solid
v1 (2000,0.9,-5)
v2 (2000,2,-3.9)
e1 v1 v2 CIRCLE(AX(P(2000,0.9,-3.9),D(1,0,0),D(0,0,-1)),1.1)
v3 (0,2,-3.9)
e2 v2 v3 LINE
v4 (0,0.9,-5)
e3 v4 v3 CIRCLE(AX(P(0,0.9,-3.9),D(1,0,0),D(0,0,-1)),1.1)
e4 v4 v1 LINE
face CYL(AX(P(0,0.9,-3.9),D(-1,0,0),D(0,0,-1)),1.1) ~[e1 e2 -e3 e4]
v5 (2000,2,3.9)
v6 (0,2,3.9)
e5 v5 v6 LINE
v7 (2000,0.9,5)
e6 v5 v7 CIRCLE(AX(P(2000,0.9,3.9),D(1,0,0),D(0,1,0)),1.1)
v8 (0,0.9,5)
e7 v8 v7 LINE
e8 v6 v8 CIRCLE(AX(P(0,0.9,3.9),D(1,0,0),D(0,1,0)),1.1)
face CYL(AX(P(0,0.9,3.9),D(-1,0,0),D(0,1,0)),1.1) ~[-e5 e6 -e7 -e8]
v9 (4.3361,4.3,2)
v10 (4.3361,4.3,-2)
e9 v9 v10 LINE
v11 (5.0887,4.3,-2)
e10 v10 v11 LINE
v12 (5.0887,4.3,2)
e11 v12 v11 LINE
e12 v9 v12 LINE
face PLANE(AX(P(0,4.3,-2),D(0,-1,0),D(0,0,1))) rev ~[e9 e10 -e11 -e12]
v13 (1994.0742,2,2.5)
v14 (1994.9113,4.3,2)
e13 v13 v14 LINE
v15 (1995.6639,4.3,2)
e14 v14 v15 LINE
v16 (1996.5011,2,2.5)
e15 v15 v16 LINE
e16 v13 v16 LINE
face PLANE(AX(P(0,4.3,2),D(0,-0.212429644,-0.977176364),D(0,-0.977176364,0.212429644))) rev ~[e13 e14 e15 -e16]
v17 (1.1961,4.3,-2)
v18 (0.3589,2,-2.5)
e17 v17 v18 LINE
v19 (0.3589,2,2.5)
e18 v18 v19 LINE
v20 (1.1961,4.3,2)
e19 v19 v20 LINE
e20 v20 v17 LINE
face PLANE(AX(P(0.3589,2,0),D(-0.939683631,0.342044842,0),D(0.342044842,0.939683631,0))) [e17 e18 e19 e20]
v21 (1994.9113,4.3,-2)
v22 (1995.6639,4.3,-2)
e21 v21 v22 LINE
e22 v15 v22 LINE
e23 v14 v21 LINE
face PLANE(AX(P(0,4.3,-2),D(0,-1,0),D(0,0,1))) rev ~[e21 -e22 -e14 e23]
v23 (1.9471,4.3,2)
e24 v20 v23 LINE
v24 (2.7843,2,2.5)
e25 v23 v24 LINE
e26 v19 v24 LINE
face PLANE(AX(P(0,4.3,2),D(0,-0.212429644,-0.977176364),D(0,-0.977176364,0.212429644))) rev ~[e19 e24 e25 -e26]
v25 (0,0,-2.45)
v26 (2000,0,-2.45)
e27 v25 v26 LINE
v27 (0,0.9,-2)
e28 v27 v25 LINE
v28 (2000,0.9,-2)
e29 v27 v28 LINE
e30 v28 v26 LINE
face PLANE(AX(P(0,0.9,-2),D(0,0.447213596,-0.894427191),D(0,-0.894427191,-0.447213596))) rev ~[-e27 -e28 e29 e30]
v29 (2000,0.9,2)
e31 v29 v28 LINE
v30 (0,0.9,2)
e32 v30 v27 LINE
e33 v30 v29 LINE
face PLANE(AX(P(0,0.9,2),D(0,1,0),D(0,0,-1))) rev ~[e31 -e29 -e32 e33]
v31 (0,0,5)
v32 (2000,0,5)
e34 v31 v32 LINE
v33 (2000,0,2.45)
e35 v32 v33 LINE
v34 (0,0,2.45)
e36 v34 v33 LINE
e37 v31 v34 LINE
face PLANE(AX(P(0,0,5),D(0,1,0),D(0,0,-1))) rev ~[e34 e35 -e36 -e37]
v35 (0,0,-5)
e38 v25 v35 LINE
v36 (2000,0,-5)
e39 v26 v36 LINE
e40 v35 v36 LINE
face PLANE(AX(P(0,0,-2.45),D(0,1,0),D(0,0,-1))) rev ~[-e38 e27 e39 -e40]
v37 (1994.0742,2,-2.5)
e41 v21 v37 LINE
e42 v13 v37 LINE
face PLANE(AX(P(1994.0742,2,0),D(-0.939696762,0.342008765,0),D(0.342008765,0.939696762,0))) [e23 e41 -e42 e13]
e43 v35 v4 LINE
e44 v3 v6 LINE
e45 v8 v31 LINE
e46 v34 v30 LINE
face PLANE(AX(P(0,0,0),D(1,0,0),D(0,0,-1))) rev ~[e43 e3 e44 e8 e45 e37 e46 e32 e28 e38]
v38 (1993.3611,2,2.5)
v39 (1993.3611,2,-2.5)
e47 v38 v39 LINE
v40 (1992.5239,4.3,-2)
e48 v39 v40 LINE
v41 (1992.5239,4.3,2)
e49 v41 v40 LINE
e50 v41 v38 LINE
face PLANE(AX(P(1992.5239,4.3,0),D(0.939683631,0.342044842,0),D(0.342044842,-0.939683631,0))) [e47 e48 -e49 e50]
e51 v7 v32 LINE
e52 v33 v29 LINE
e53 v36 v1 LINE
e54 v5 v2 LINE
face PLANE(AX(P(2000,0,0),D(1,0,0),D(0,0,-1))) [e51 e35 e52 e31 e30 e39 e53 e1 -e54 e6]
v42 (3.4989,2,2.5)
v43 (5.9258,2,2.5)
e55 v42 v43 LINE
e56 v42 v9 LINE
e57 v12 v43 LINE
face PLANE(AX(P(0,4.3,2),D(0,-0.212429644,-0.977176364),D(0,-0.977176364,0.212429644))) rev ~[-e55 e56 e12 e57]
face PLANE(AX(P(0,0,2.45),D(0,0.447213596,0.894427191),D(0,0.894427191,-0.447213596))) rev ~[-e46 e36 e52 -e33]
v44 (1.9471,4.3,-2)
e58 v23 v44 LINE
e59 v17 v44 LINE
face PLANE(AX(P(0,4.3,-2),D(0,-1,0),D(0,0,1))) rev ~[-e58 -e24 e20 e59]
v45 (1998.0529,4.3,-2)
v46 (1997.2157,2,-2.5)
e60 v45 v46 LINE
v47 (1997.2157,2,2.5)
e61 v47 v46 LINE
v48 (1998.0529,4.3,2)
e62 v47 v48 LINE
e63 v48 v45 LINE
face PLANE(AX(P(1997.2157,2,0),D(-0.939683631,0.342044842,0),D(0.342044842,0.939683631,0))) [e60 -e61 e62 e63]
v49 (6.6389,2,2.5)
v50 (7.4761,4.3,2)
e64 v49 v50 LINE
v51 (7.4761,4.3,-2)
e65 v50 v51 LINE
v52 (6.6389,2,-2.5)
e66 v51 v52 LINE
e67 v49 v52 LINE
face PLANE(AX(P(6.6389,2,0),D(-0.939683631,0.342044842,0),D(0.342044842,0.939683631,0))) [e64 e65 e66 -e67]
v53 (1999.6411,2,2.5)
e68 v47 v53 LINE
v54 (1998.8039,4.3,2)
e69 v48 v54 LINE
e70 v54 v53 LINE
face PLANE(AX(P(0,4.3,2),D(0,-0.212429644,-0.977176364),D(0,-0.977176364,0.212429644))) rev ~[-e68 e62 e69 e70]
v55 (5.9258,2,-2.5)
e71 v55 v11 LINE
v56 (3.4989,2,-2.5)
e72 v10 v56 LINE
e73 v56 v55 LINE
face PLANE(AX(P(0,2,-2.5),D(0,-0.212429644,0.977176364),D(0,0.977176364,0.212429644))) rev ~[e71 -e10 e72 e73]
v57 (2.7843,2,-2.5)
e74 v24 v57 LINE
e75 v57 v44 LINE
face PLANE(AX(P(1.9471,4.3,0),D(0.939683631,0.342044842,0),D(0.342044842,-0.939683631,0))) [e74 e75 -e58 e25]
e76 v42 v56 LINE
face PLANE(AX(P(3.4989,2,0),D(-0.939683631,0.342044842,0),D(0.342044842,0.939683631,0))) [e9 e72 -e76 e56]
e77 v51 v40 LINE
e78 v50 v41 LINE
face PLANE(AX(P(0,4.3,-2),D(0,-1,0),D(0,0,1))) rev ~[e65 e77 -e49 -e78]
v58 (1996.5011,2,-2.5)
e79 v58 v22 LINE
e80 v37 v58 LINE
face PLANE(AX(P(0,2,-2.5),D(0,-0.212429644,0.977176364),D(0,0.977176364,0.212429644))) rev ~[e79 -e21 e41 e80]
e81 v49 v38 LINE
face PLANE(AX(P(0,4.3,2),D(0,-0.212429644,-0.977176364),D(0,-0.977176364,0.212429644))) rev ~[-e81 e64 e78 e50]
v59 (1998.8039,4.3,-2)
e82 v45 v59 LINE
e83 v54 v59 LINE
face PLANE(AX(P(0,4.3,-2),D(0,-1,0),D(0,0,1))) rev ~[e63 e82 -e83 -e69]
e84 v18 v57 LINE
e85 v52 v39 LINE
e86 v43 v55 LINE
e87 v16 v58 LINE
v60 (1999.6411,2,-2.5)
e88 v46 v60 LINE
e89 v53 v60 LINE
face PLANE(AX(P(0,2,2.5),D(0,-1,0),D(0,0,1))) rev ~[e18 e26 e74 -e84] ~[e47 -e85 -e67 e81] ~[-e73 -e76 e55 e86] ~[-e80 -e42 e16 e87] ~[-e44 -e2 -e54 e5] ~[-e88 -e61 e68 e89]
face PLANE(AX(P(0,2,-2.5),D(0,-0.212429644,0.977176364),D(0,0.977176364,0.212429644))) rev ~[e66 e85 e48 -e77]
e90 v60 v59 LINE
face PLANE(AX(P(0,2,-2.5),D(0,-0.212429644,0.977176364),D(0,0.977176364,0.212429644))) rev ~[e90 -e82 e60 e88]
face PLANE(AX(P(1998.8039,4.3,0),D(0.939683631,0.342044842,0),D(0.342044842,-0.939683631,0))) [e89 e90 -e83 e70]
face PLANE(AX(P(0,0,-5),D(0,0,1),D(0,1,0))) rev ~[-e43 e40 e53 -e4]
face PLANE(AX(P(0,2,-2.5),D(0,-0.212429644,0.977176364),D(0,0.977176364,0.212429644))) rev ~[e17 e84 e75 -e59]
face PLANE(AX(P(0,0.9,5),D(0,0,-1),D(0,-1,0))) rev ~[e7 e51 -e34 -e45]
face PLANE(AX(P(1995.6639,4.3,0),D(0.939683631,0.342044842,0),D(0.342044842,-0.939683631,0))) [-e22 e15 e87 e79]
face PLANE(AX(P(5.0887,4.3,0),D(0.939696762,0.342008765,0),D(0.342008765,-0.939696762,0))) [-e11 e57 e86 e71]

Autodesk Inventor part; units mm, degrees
ref_plane "YZ Plane" through (0, 0, 0) normal (1, 0, 0) x (0, 1, 0)
ref_plane "XZ Plane" through (0, 0, 0) normal (0, 1, 0) x (-1, 0, 0)
ref_plane "XY Plane" through (0, 0, 0) normal (0, 0, 1) x (1, 0, 0)
sketch "Sketch_1" plane through (0, 0, 0) normal (1, 0, 0) x (0, 0, -1)
  line L0 (-5, 0.9) -> (-5, 0)
  line L1 (-5, 0) -> (-2.45, 0)
  line L2 (-2.45, 0) -> (-2, 0.9)
  line L3 (-2, 0.9) -> (2, 0.9)
  line L4 (2, 0.9) -> (2.45, 0)
  line L5 (2.45, 0) -> (5, 0)
  line L6 (5, 0) -> (5, 0.9)
  arc A0 (5, 0.9) -> (3.9, 2) centre (3.9, 0.9) ccw
  line L7 (3.9, 2) -> (2.5, 2)
  line L8 (2.5, 2) -> (2, 4.3)
  line L9 (2, 4.3) -> (-2, 4.3)
  line L10 (-2, 4.3) -> (-2.5, 2)
  line L11 (-2.5, 2) -> (-3.9, 2)
  arc A1 (-3.9, 2) -> (-5, 0.9) centre (-3.9, 0.9) ccw
extrude "Extrusion1" add sketch "Sketch_1" along normal blind 2000
sketch "Sketch_2" plane through (0, 0, 0) normal (0, 0, 1) x (1, 0, 0)
  line L0 (-2, 8.6) -> (-2, 2)
  line L1 (-2, 2) -> (0.3589, 2)
  line L2 (0.3589, 2) -> (1.1961, 4.3)
  line L3 (1.1961, 4.3) -> (1.9471, 4.3)
  line L4 (1.9471, 4.3) -> (2.7843, 2)
  line L5 (2.7843, 2) -> (3.4989, 2)
  line L6 (3.4989, 2) -> (4.3361, 4.3)
  line L7 (4.3361, 4.3) -> (5.0887, 4.3)
  line L8 (5.0887, 4.3) -> (5.9258, 2)
  line L9 (5.9258, 2) -> (6.6389, 2)
  line L10 (6.6389, 2) -> (7.4761, 4.3)
  line L11 (7.4761, 4.3) -> (1992.5239, 4.3)
  line L12 (1992.5239, 4.3) -> (1993.3611, 2)
  line L13 (1993.3611, 2) -> (1994.0742, 2)
  line L14 (1994.0742, 2) -> (1994.9113, 4.3)
  line L15 (1994.9113, 4.3) -> (1995.6639, 4.3)
  line L16 (1995.6639, 4.3) -> (1996.5011, 2)
  line L17 (1996.5011, 2) -> (1997.2157, 2)
  line L18 (1997.2157, 2) -> (1998.0529, 4.3)
  line L19 (1998.0529, 4.3) -> (1998.8039, 4.3)
  line L20 (1998.8039, 4.3) -> (1999.6411, 2)
  line L21 (1999.6411, 2) -> (2002, 2)
  line L22 (2002, 2) -> (2002, 8.6)
  line L23 (2002, 8.6) -> (-2, 8.6)
extrude "Extrusion2" cut sketch "Sketch_2" along normal mid plane 10
properties part number "DR1-2000"
